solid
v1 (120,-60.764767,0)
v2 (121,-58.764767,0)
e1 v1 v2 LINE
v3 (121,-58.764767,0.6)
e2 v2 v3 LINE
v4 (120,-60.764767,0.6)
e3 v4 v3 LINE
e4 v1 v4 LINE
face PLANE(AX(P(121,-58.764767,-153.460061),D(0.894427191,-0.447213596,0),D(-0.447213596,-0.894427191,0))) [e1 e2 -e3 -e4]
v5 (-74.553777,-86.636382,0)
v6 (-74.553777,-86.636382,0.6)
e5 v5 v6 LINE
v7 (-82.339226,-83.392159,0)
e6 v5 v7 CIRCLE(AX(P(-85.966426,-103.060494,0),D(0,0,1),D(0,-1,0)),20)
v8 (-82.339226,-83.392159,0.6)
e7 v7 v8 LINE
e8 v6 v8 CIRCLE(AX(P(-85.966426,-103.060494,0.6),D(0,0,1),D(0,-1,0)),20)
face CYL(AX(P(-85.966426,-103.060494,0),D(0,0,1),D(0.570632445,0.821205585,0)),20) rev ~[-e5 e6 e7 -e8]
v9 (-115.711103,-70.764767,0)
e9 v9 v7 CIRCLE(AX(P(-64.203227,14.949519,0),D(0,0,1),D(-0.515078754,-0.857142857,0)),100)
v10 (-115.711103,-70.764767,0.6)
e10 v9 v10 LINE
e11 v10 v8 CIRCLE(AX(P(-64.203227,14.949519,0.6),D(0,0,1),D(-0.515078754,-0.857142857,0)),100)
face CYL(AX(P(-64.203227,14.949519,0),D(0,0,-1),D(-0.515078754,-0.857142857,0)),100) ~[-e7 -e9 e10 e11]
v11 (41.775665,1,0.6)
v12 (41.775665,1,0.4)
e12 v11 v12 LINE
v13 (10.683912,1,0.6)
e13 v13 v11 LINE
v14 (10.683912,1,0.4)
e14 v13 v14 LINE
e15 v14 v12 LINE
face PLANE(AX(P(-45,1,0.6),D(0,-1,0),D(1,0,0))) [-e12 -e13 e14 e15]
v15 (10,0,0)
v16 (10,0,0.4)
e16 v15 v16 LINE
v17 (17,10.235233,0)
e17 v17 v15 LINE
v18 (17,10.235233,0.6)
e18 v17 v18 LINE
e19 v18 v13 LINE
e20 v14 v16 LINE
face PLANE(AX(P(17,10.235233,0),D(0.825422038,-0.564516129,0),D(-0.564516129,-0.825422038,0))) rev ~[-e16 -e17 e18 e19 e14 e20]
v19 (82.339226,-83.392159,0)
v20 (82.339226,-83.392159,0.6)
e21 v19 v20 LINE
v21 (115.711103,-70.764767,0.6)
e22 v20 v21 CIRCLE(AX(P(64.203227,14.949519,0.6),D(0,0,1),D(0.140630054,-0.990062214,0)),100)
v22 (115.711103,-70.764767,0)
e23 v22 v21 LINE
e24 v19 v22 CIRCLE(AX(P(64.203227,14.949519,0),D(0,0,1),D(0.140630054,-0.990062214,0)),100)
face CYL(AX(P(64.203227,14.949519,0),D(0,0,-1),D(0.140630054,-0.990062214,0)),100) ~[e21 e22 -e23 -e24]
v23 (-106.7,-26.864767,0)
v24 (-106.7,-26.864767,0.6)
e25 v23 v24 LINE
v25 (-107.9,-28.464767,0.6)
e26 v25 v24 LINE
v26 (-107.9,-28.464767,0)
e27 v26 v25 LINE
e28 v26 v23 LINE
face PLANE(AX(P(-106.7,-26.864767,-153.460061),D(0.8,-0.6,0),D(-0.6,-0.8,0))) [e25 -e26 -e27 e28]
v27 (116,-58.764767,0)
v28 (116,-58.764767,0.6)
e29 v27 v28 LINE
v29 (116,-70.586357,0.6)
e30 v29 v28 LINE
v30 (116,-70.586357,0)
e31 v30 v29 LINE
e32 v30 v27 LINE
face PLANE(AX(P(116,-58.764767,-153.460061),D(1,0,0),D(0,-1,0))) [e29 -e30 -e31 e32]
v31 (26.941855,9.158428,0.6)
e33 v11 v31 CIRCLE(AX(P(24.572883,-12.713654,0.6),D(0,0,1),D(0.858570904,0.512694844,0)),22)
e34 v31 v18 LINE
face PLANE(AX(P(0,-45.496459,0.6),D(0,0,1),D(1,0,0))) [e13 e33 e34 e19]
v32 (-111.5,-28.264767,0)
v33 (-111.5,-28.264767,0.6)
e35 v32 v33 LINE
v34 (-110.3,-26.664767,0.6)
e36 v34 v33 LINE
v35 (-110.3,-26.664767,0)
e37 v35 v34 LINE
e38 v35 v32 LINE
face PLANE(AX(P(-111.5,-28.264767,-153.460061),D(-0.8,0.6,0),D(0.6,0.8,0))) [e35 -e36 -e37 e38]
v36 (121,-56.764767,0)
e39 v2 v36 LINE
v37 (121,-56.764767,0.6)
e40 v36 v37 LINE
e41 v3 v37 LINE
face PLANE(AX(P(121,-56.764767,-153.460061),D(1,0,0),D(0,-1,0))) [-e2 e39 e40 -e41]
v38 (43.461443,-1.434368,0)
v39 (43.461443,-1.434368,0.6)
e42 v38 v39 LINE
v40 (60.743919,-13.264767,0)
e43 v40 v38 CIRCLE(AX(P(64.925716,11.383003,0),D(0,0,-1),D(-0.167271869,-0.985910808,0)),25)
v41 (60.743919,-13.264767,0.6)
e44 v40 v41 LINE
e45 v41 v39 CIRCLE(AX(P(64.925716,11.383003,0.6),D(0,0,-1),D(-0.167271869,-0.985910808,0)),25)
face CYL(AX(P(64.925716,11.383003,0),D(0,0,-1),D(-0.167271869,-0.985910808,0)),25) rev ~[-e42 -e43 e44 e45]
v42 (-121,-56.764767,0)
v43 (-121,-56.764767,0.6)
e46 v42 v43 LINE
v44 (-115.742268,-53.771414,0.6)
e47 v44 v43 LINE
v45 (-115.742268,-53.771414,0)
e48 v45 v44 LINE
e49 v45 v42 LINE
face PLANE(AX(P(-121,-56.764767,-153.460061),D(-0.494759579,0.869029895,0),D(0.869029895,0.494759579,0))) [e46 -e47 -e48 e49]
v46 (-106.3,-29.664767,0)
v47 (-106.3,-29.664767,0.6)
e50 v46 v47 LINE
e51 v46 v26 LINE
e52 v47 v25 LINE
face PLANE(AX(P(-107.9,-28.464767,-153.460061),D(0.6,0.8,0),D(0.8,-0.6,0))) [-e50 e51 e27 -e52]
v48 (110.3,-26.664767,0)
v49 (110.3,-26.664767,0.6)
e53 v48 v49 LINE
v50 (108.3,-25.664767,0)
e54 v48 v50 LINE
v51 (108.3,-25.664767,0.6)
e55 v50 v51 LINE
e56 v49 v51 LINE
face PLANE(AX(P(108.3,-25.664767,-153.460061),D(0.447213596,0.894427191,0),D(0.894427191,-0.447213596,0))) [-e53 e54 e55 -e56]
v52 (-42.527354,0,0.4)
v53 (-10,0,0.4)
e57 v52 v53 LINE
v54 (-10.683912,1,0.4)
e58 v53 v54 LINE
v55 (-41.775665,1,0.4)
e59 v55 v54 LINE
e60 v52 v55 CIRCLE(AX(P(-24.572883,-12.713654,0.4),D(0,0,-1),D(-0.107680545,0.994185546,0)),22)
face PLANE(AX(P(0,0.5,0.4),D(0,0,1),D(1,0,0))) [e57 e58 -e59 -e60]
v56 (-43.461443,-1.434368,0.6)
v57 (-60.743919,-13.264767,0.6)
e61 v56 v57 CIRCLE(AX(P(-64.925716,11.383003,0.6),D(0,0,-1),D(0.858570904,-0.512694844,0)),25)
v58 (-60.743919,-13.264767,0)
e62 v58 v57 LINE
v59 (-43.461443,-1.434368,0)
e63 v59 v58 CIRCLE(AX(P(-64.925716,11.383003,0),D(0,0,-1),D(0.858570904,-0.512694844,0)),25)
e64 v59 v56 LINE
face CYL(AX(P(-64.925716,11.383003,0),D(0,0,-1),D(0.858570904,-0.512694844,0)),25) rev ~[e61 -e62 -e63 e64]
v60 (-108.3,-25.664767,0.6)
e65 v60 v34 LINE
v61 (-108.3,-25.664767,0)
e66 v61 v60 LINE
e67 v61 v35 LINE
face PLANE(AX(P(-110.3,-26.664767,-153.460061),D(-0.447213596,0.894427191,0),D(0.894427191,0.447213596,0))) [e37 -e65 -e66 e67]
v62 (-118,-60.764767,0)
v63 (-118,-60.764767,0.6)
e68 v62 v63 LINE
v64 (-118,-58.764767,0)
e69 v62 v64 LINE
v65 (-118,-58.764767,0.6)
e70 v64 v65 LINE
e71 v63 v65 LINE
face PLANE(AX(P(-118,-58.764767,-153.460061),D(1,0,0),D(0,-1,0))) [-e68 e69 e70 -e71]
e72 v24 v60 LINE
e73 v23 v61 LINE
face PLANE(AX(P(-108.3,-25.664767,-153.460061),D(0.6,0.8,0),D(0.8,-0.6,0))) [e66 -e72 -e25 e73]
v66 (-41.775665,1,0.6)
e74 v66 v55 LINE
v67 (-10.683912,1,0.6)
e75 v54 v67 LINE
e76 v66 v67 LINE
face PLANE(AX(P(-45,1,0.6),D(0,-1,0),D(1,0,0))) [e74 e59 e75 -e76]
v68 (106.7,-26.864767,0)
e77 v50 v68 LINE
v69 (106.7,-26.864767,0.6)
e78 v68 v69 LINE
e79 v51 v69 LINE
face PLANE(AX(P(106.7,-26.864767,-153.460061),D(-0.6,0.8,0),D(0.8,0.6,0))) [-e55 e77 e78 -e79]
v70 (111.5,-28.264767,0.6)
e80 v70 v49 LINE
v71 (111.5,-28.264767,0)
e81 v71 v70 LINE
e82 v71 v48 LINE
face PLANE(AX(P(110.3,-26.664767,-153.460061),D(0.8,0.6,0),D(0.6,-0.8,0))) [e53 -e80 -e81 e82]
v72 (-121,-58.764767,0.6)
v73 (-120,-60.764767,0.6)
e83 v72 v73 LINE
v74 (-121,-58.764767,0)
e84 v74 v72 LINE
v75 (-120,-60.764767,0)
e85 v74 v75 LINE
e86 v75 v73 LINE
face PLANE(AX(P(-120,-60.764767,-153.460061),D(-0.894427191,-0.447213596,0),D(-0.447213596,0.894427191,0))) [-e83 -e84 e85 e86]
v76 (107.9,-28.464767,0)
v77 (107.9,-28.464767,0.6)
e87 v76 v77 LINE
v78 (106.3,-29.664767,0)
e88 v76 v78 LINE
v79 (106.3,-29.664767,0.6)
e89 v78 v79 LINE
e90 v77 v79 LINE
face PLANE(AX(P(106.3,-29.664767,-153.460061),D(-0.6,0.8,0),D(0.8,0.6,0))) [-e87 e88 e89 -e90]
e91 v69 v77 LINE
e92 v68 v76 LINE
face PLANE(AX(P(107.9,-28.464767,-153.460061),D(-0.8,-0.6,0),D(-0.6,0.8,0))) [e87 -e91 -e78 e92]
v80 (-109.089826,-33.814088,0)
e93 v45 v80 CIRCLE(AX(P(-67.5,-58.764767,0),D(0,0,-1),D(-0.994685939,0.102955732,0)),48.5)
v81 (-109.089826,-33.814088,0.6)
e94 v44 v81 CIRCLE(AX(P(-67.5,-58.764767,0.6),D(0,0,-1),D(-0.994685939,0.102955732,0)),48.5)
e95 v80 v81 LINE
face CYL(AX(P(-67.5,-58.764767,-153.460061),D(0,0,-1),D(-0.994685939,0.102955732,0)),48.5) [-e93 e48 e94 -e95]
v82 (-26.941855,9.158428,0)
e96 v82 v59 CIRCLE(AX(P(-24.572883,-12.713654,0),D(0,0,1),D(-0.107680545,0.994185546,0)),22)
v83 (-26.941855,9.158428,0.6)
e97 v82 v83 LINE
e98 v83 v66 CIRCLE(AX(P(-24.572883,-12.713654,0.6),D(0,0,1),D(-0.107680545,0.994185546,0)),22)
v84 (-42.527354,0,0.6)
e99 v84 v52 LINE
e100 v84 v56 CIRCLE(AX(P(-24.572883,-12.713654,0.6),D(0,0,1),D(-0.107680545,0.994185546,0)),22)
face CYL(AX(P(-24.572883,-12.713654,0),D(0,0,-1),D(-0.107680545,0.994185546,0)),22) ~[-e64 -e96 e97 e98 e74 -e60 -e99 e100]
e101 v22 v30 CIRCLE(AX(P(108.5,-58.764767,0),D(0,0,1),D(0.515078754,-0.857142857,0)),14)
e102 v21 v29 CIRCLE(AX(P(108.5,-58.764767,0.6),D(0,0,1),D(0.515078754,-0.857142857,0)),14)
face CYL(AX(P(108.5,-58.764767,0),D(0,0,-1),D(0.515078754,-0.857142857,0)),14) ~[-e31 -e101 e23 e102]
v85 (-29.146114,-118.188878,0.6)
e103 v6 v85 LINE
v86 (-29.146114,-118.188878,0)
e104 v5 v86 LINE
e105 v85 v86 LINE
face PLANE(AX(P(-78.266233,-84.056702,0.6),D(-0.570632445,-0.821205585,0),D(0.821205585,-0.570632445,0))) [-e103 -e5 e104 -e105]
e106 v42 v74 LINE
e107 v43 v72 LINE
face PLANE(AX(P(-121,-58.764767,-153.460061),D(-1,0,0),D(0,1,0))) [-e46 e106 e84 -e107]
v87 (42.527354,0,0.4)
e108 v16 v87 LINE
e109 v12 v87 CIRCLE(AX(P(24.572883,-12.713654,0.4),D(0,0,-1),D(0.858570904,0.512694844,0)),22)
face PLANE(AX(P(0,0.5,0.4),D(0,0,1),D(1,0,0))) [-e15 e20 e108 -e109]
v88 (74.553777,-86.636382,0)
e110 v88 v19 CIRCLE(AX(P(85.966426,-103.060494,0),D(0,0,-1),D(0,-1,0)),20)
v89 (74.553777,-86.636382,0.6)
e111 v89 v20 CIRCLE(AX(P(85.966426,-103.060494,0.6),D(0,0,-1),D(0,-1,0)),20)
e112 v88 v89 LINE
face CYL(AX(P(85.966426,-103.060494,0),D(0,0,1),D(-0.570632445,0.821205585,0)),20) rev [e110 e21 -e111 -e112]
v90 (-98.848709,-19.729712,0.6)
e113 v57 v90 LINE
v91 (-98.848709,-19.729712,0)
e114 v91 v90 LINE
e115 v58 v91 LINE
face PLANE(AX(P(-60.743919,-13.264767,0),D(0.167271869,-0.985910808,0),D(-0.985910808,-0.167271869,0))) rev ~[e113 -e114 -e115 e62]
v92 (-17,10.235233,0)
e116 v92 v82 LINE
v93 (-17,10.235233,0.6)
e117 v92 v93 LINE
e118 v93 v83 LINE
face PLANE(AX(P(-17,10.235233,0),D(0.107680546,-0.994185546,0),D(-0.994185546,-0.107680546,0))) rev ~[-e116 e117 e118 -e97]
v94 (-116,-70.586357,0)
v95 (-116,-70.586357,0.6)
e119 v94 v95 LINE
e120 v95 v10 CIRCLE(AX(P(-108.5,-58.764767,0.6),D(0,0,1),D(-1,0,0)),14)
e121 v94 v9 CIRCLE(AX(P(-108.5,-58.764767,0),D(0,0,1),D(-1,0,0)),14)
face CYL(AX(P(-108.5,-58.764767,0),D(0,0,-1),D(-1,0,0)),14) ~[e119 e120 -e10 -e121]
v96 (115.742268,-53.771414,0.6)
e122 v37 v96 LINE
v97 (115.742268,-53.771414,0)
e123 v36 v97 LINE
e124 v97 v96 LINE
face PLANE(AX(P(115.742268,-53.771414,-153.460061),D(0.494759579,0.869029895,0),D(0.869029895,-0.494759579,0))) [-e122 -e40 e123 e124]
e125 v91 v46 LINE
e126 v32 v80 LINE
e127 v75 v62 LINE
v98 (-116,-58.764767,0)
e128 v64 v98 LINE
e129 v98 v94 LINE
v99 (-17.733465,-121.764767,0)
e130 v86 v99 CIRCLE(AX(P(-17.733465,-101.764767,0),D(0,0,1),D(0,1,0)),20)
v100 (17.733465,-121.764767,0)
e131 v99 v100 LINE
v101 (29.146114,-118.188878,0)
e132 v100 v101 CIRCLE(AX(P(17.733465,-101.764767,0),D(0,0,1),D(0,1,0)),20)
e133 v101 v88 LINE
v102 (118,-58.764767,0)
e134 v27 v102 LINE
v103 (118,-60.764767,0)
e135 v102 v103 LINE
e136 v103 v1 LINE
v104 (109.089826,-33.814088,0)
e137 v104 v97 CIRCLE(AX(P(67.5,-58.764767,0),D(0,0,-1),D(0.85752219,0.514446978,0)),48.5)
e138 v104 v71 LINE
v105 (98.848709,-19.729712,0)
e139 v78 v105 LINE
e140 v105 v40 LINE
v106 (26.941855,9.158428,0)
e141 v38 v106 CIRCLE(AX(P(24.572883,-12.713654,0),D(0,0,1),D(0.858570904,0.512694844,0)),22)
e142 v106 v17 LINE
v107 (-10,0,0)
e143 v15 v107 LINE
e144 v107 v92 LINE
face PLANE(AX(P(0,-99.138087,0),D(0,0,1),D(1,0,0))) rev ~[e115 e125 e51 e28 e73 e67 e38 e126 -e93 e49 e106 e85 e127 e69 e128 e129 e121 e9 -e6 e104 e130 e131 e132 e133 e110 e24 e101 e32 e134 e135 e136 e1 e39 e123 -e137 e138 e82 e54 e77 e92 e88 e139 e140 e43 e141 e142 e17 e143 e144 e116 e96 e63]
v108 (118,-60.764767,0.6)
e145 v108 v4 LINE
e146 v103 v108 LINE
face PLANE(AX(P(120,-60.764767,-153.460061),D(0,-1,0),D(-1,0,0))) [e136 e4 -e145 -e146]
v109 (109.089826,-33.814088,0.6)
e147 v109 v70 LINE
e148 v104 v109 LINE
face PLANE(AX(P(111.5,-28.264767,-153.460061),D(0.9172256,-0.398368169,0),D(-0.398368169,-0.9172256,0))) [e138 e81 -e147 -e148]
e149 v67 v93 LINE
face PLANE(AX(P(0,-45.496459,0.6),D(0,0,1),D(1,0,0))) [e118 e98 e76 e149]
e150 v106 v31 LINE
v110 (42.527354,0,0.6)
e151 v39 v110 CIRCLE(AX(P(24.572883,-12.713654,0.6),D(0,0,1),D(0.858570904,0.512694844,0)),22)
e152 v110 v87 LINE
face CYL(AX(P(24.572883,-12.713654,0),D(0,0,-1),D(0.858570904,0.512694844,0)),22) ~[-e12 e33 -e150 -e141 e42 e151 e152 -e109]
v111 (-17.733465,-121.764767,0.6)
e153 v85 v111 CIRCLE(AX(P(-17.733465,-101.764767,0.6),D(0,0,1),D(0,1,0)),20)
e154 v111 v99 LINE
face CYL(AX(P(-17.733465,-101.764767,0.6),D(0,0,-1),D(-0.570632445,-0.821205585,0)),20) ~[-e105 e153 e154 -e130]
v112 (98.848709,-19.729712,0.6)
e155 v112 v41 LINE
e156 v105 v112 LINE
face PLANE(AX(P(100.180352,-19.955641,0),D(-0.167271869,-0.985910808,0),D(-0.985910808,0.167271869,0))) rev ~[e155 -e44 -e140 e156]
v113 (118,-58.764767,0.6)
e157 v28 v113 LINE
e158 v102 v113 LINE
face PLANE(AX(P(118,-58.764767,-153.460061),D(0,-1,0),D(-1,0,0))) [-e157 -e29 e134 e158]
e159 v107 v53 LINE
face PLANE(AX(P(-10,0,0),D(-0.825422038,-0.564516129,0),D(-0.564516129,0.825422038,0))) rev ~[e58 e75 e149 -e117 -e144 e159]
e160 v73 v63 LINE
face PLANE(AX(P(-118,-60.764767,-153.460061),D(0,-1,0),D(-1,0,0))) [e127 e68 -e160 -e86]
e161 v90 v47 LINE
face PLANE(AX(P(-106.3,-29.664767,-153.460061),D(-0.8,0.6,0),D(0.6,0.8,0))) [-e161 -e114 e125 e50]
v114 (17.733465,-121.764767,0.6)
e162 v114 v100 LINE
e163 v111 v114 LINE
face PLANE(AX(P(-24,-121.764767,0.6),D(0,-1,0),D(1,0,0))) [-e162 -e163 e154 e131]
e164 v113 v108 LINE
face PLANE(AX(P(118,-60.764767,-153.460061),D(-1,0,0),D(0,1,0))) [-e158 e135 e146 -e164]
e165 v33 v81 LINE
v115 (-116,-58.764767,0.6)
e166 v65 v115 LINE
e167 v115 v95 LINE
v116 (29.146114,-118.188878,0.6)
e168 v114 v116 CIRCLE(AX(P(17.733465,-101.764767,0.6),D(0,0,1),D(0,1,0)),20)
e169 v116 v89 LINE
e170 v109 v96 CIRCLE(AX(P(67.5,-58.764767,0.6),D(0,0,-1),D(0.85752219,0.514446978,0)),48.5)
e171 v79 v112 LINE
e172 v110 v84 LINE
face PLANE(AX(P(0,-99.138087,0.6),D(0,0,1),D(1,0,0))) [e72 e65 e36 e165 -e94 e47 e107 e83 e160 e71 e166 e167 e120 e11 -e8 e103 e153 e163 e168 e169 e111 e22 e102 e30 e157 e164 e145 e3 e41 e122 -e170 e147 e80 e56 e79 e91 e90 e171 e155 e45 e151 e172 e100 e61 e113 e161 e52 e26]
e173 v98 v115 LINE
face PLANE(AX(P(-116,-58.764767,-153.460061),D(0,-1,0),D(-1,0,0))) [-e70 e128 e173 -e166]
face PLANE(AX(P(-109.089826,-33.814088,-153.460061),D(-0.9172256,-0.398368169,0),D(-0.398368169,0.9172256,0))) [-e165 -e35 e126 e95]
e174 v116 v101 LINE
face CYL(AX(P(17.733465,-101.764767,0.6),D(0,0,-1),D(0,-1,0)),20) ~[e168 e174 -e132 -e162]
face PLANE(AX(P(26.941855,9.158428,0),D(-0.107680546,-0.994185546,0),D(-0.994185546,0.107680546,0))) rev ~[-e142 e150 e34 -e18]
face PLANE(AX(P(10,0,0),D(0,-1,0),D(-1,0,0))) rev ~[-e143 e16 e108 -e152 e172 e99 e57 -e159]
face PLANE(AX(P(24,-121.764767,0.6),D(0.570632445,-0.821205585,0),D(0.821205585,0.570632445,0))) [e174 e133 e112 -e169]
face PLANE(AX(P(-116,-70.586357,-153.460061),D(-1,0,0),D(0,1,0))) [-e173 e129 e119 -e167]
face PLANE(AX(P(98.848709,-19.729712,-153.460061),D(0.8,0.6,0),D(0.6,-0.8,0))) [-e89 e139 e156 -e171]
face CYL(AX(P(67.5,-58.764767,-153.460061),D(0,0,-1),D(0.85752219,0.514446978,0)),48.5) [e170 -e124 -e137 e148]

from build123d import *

# Parameters (mm, degrees)
MAIN_SHAPE_DEPTH    = 0.6
TABS_DEPTH          = 154.060061459
TABS_DEPTH_BACK     = 154.060061459
SKETCH4_W           = 90
SKETCH4_H           = 1
TAB_FOLD_LINE_DEPTH = 0.2
CHIN_GUARD_DEPTH    = 0.6
FILLET1_R           = 20


with BuildPart() as part:
    # Sketch1 → Main Shape (new body)
    with BuildSketch(Plane.XY):
        with BuildLine():
            Line((-24, -91.764766734), (24, -91.764766734))
            Line((24, -91.764766734), (78.266232563, -84.05670244))
            ThreePointArc((78.266232563, -84.05670244), (97.655491519, -79.289252293), (115.711102551, -70.764766734))
            ThreePointArc((115.711102551, -70.764766734), (120.685143325, -65.658407438), (122.5, -58.764766734))
            ThreePointArc((122.5, -58.764766734), (120.227482046, -43.118277124), (113.597722286, -28.764766734))
            ThreePointArc((113.597722286, -28.764766734), (107.811505455, -22.955172168), (100.180351554, -19.955641477))
            Line((100.180351554, -19.955641477), (60.74391922, -13.264766734))
            ThreePointArc((60.74391922, -13.264766734), (50.804108255, -9.246591688), (43.461443341, -1.434367632))
            ThreePointArc((43.461443341, -1.434367632), (36.448172688, 5.805997675), (26.941855461, 9.15842781))
            Line((26.941855461, 9.15842781), (17, 10.235233266))
            Line((17, 10.235233266), (10, 0))
            Line((10, 0), (-10, 0))
            Line((-10, 0), (-17, 10.235233266))
            Line((-17, 10.235233266), (-26.941855461, 9.15842781))
            ThreePointArc((-26.941855461, 9.15842781), (-36.448172688, 5.805997675), (-43.461443341, -1.434367632))
            ThreePointArc((-43.461443341, -1.434367632), (-50.804108255, -9.246591688), (-60.74391922, -13.264766734))
            Line((-60.74391922, -13.264766734), (-100.180351554, -19.955641477))
            ThreePointArc((-100.180351554, -19.955641477), (-107.811505455, -22.955172168), (-113.597722286, -28.764766734))
            ThreePointArc((-113.597722286, -28.764766734), (-120.227482046, -43.118277124), (-122.5, -58.764766734))
            ThreePointArc((-122.5, -58.764766734), (-120.685143325, -65.658407438), (-115.711102551, -70.764766734))
            ThreePointArc((-115.711102551, -70.764766734), (-97.655491519, -79.289252293), (-78.266232563, -84.05670244))
            Line((-78.266232563, -84.05670244), (-24, -91.764766734))
        make_face()
    extrude(amount=MAIN_SHAPE_DEPTH)

    # Sketch2 → Tabs (cut, two sides: drawn at the far end of the back side and taken through both)
    with BuildSketch(Plane.XY.offset(0.6).offset(-TABS_DEPTH_BACK)):
        with BuildLine():
            Line((-121, -58.764766734), (-121, -56.764766734))
            Line((-121, -56.764766734), (-115.742268041, -53.771413729))
            ThreePointArc((-115.742268041, -53.771413729), (-113.511139955, -43.427720083), (-109.089826236, -33.814088314))
            Line((-109.089826236, -33.814088314), (-111.5, -28.264766734))
            Line((-111.5, -28.264766734), (-110.3, -26.664766734))
            Line((-110.3, -26.664766734), (-108.3, -25.664766734))
            Line((-108.3, -25.664766734), (-106.7, -26.864766734))
            Line((-106.7, -26.864766734), (-107.9, -28.464766734))
            Line((-107.9, -28.464766734), (-106.3, -29.664766734))
            Line((-106.3, -29.664766734), (-98.84870892, -19.729711961))
            Line((-98.84870892, -19.729711961), (-100.180351554, -19.955641477))
            ThreePointArc((-100.180351554, -19.955641477), (-107.811505455, -22.955172168), (-113.597722286, -28.764766734))
            ThreePointArc((-113.597722286, -28.764766734), (-120.227482046, -43.118277124), (-122.5, -58.764766734))
            ThreePointArc((-122.5, -58.764766734), (-120.767844146, -65.510135516), (-116, -70.586357152))
            Line((-116, -70.586357152), (-116, -58.764766734))
            Line((-116, -58.764766734), (-118, -58.764766734))
            Line((-118, -58.764766734), (-118, -60.764766734))
            Line((-118, -60.764766734), (-120, -60.764766734))
            Line((-120, -60.764766734), (-121, -58.764766734))
        make_face()
        with BuildLine():
            Line((110.3, -26.664766734), (111.5, -28.264766734))
            Line((111.5, -28.264766734), (109.089826236, -33.814088314))
            ThreePointArc((109.089826236, -33.814088314), (113.511139955, -43.427720083), (115.742268041, -53.771413729))
            Line((115.742268041, -53.771413729), (121, -56.764766734))
            Line((121, -56.764766734), (121, -58.764766734))
            Line((121, -58.764766734), (120, -60.764766734))
            Line((120, -60.764766734), (118, -60.764766734))
            Line((118, -60.764766734), (118, -58.764766734))
            Line((118, -58.764766734), (116, -58.764766734))
            Line((116, -58.764766734), (116, -70.586357152))
            ThreePointArc((116, -70.586357152), (120.767844146, -65.510135516), (122.5, -58.764766734))
            ThreePointArc((122.5, -58.764766734), (120.227482046, -43.118277124), (113.597722286, -28.764766734))
            ThreePointArc((113.597722286, -28.764766734), (107.811505455, -22.955172168), (100.180351554, -19.955641477))
            Line((100.180351554, -19.955641477), (98.84870892, -19.729711961))
            Line((98.84870892, -19.729711961), (106.3, -29.664766734))
            Line((106.3, -29.664766734), (107.9, -28.464766734))
            Line((107.9, -28.464766734), (106.7, -26.864766734))
            Line((106.7, -26.864766734), (108.3, -25.664766734))
            Line((108.3, -25.664766734), (110.3, -26.664766734))
        make_face()
    extrude(amount=TABS_DEPTH + TABS_DEPTH_BACK, mode=Mode.SUBTRACT)

    # Sketch4 → Tab Fold Line (cut)
    with BuildSketch(Plane.XY.offset(0.6)):
        with Locations((0, 0.5)):
            Rectangle(SKETCH4_W, SKETCH4_H)
    extrude(amount=-TAB_FOLD_LINE_DEPTH, mode=Mode.SUBTRACT)

    # Sketch5 → Chin guard (add)
    with BuildSketch(Plane.XY.offset(0.6)):
        Polygon((-78.266232563, -84.05670244), (-24, -121.764766734), (24, -121.764766734), (78.266232563, -84.05670244), (24, -91.764766734), (-24, -91.764766734), align=None)
    extrude(amount=-CHIN_GUARD_DEPTH)

    # Fillet1
    fillet1_edges = [part.edges().sort_by_distance(p)[0] for p in [
        (-24, -121.764766734, 0.3),
        (24, -121.764766734, 0.3),
        (78.266232563, -84.05670244, 0.3),
        (-78.266232563, -84.05670244, 0.3),
    ]]
    fillet(fillet1_edges, radius=FILLET1_R)


solid = part.part
